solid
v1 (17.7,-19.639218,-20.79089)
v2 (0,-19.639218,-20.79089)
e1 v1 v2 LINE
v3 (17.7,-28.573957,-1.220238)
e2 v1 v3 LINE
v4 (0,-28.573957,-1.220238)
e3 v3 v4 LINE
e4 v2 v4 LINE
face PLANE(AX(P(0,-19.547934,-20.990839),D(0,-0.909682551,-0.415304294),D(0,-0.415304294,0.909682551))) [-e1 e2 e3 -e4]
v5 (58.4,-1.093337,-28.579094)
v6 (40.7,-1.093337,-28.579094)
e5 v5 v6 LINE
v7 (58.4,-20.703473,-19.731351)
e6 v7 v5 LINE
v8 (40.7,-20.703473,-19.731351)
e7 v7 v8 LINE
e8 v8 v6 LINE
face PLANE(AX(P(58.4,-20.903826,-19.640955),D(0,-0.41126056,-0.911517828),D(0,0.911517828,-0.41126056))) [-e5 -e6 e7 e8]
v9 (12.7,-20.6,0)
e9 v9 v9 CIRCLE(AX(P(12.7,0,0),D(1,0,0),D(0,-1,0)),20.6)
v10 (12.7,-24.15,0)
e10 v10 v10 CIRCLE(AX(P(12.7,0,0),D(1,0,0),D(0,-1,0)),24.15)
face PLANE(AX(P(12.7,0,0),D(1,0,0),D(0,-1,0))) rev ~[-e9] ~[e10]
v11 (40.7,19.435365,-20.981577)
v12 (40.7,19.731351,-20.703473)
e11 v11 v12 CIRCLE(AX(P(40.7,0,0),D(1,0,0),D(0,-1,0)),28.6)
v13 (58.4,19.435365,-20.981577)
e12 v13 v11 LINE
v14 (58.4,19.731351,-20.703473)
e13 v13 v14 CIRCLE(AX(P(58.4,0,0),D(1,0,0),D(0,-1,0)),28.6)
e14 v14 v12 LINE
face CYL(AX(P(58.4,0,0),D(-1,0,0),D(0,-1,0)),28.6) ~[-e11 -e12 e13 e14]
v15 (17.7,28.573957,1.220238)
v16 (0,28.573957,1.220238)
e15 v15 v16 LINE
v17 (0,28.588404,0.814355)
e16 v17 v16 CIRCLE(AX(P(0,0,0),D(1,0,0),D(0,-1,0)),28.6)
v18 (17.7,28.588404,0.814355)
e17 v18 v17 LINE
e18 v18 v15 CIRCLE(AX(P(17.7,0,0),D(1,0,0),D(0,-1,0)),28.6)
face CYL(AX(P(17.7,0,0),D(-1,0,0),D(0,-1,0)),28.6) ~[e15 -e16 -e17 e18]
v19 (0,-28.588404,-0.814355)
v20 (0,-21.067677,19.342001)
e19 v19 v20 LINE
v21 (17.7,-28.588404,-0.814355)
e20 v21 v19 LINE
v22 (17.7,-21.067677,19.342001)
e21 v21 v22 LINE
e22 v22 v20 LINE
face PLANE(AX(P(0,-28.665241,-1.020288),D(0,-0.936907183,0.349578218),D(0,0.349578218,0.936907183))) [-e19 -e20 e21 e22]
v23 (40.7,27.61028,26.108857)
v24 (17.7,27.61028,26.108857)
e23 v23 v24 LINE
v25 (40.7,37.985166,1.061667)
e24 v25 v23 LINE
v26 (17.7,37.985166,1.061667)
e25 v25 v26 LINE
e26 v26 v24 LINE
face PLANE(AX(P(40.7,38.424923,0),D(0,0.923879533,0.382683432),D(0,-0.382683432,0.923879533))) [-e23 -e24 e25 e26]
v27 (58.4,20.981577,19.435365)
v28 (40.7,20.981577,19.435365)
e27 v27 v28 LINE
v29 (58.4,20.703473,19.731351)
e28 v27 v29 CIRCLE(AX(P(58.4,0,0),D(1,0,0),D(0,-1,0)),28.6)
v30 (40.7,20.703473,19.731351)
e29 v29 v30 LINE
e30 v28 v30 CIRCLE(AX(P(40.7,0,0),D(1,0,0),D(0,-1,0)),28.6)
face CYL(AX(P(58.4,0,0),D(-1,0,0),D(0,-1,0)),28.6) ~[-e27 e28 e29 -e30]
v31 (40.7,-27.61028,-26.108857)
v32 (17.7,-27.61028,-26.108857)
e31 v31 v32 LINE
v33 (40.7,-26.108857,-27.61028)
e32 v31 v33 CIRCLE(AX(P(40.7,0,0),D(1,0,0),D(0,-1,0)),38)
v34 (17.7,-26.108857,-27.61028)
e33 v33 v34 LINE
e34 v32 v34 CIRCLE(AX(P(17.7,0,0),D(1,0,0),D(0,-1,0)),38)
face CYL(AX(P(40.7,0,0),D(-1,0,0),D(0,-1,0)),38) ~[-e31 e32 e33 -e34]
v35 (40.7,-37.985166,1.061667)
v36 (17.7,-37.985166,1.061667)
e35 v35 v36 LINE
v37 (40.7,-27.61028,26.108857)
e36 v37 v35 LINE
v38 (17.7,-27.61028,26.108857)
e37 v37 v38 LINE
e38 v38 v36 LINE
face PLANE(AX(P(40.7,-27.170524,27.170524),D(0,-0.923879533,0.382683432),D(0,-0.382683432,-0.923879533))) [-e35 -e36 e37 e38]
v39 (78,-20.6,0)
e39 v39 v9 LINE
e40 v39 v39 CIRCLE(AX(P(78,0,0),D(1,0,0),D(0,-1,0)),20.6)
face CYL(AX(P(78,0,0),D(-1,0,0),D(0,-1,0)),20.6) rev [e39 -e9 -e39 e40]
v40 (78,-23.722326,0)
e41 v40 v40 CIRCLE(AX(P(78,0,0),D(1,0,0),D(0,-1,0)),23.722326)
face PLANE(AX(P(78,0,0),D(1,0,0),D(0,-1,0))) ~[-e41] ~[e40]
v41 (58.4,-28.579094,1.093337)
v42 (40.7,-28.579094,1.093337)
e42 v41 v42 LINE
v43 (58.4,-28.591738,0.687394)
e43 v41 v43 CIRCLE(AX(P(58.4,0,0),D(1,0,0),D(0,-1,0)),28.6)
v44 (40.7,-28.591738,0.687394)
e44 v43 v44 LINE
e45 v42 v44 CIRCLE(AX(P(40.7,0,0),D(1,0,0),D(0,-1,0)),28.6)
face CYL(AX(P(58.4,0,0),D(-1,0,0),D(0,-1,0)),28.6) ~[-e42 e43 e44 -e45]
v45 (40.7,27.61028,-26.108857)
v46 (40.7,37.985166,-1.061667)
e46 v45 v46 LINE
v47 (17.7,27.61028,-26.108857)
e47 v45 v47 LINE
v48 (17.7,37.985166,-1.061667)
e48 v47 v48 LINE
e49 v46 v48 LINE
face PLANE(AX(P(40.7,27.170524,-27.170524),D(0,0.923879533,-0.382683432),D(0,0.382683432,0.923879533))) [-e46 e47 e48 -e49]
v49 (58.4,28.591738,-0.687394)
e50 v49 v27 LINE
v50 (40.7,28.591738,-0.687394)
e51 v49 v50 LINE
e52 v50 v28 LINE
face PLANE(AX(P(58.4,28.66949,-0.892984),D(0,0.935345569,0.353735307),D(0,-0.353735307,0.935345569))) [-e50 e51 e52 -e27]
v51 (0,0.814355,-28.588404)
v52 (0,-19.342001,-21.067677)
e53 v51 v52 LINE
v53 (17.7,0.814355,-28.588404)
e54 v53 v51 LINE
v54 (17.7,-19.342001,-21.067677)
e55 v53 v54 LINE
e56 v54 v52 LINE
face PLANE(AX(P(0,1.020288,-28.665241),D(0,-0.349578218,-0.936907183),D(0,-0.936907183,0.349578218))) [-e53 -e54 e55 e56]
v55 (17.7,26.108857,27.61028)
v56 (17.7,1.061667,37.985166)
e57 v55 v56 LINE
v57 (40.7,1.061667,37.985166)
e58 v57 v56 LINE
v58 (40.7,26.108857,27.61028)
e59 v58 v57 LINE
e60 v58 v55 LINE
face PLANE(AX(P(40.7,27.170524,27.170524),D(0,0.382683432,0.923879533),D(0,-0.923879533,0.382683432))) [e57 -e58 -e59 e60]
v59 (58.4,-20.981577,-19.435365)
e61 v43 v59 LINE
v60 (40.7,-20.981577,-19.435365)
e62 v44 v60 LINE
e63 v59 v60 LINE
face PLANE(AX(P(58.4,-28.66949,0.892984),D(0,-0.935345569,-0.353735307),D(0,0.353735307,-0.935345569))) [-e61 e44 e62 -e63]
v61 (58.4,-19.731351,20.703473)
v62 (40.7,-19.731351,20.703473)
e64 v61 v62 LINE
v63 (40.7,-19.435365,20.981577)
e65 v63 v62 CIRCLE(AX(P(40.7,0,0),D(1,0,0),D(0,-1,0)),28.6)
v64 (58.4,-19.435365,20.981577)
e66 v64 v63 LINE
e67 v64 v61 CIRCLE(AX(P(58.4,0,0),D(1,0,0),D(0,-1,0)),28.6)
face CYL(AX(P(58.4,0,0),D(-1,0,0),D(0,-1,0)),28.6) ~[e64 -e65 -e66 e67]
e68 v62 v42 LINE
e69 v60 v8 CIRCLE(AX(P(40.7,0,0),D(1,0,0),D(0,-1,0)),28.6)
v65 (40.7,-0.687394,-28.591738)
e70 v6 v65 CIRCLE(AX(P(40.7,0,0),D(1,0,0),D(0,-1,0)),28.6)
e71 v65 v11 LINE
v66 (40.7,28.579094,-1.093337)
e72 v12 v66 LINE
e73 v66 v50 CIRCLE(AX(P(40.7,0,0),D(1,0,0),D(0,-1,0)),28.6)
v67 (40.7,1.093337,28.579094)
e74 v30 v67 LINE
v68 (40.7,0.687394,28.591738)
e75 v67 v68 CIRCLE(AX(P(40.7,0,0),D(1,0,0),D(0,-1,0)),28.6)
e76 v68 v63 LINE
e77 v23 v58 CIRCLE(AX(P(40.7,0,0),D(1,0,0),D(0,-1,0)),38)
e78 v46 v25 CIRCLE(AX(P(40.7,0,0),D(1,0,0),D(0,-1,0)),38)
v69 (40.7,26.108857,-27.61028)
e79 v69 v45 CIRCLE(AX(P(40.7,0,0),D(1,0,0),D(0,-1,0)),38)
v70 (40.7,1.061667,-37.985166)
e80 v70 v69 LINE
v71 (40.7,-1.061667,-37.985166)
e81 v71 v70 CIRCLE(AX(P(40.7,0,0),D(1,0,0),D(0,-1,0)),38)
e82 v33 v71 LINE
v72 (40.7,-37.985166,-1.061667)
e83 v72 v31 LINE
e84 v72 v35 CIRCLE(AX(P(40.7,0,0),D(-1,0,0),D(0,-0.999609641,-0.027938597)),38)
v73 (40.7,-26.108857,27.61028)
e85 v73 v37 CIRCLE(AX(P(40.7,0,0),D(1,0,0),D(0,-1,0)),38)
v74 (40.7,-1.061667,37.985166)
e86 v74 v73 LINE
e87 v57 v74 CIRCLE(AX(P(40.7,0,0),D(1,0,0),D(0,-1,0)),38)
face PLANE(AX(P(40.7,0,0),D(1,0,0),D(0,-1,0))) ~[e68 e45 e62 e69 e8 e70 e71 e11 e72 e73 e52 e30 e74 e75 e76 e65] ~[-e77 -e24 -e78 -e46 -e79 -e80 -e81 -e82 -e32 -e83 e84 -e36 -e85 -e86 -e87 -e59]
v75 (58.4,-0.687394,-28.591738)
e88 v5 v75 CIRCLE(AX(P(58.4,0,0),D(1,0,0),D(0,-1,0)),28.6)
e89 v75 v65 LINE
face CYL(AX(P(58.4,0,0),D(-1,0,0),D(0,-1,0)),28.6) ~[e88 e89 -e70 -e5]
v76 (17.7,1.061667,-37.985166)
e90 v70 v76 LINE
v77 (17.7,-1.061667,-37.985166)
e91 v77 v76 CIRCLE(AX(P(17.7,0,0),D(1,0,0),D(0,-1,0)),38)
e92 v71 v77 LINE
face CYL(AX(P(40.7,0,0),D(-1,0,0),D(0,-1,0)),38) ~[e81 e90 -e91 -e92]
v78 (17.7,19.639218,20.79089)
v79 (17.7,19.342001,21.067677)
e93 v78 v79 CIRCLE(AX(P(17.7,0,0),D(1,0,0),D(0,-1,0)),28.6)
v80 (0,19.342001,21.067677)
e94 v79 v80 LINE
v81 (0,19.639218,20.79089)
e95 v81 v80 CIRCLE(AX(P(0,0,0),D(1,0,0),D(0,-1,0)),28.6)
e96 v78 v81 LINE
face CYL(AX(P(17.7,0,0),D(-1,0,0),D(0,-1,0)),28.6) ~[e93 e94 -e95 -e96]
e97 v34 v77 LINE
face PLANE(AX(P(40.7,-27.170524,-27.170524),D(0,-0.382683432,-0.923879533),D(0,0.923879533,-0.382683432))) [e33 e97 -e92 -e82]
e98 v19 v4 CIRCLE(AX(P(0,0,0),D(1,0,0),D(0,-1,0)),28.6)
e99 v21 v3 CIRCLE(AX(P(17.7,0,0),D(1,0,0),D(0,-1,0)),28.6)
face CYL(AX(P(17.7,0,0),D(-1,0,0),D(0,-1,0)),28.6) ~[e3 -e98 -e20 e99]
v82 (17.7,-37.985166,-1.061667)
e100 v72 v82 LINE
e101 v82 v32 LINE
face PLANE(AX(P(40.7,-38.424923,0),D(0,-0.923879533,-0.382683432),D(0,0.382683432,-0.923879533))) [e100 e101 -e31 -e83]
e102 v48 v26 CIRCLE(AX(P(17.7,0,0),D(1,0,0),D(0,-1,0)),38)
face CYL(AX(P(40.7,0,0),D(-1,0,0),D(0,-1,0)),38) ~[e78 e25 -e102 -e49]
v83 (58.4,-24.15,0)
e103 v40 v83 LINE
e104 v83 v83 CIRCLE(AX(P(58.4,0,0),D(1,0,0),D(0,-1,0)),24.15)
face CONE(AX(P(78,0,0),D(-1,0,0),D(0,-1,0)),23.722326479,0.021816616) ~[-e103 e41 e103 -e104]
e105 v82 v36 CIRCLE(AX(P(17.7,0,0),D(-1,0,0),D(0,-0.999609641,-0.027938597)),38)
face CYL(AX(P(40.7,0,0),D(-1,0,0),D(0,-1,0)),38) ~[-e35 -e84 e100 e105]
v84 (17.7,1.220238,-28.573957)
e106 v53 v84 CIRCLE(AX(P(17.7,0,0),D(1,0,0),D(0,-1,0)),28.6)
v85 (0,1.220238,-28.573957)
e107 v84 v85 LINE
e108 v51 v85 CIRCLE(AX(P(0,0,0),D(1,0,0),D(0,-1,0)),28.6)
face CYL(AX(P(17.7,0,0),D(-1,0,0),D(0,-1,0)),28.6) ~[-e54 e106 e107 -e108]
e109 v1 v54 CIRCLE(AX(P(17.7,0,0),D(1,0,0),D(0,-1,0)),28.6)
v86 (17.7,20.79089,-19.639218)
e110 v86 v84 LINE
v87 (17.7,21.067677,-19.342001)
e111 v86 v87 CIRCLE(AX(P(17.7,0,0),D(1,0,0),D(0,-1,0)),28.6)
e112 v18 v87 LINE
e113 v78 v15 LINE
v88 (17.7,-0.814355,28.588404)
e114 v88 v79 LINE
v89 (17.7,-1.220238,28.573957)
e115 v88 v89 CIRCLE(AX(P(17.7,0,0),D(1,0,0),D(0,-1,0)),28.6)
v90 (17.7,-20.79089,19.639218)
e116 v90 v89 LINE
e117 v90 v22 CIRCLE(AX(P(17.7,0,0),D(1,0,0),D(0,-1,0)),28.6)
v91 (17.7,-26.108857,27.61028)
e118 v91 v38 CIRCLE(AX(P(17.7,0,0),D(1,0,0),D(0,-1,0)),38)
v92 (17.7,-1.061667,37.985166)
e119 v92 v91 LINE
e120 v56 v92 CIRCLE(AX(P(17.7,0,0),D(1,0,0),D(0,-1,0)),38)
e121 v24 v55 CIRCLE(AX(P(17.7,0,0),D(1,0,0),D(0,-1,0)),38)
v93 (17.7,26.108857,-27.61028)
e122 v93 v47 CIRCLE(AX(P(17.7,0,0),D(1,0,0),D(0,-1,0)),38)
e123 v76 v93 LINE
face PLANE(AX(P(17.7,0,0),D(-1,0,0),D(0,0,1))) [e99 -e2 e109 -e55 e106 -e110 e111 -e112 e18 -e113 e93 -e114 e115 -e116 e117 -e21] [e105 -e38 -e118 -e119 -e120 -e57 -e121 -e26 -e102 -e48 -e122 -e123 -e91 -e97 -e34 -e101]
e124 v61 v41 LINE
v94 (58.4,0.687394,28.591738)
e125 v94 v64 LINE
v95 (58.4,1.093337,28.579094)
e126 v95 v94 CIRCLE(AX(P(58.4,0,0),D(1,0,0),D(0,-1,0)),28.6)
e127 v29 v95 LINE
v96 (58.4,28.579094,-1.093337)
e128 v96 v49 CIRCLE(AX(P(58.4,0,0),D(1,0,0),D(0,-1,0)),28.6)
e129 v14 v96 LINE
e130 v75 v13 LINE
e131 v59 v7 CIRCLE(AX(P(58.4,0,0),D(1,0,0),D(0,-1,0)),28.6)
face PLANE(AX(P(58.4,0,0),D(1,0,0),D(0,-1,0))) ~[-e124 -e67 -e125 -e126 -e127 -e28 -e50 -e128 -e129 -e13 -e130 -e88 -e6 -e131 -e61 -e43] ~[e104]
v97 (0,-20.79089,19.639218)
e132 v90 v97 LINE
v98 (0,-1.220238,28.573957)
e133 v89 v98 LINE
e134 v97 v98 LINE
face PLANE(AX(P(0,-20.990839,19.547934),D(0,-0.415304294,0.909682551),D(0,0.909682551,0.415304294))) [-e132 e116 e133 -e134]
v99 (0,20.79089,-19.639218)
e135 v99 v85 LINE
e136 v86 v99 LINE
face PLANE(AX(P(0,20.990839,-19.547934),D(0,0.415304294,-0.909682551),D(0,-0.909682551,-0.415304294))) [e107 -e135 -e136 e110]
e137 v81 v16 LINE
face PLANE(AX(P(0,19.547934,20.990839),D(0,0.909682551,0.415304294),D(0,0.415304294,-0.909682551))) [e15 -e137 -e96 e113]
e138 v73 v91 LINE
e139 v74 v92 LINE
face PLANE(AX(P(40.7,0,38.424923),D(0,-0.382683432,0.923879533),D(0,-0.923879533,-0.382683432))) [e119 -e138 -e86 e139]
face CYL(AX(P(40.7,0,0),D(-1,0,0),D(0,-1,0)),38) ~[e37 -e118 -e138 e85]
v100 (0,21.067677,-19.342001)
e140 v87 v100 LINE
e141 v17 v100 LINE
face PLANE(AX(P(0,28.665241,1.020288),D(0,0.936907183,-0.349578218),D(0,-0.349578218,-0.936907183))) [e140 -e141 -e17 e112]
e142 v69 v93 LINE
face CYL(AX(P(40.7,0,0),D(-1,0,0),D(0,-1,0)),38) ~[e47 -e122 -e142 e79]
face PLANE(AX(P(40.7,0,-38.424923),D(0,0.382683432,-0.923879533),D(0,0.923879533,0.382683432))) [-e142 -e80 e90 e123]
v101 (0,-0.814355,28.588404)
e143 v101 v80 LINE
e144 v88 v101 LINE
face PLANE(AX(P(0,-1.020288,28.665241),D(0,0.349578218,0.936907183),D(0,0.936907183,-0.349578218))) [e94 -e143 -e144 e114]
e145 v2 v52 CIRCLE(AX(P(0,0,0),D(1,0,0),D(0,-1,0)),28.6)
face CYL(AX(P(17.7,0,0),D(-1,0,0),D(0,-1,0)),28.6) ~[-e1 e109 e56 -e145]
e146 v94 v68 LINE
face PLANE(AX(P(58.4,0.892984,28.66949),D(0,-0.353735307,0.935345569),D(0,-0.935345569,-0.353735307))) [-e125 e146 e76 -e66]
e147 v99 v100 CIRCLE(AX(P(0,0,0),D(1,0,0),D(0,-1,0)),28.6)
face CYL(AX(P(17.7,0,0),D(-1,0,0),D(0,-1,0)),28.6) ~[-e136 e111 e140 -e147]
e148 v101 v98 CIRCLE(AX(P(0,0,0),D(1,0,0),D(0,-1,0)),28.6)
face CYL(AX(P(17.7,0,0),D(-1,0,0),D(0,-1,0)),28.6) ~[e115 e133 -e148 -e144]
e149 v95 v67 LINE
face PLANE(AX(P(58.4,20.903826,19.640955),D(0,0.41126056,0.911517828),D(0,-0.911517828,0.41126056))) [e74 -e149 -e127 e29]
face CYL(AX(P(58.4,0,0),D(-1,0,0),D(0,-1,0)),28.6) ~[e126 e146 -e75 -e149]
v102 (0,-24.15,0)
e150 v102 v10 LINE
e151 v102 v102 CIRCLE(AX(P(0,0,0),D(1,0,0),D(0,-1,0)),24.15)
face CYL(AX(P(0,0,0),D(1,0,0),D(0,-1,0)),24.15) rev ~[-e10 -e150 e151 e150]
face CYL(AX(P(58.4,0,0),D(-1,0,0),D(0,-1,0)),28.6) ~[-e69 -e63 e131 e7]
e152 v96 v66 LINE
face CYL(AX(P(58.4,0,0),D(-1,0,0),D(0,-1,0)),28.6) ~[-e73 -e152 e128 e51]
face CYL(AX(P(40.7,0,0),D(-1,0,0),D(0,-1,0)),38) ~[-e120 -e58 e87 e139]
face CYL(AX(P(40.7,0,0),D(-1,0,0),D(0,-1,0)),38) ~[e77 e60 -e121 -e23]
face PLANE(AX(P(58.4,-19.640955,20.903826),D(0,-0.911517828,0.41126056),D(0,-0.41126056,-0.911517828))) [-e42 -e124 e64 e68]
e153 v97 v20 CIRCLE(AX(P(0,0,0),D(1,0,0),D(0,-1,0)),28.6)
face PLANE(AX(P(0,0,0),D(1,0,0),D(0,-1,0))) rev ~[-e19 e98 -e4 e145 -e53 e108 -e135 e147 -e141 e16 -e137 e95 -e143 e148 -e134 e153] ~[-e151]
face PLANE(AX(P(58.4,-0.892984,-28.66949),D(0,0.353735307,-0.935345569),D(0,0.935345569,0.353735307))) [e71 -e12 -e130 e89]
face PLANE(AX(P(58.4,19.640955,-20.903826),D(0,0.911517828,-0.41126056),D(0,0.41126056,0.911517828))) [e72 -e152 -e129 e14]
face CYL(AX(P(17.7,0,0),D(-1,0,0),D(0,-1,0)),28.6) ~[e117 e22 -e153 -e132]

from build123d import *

# Parameters (mm, degrees)
SKETCH2_R          = 66.009585634
CUT_EXTRUDE1_DEPTH = 23
SKETCH4_R          = 31.856181498
CUT_EXTRUDE2_DEPTH = 17.7
SKETCH5_R          = 32.987885215
CUT_EXTRUDE3_DEPTH = 17.7


with BuildPart() as part:
    # Sketch1 → Revolve1 (revolve)
    with BuildSketch(Plane.XY):
        Polygon((0, -24.15), (12.7, -24.15), (12.7, -20.6), (62.8, -20.6), (78, -20.6), (78, -23.722326479), (58.4, -24.15), (58.4, -28.6), (40.7, -28.6), (40.7, -38), (17.7, -38), (17.7, -28.6), (0, -28.6), align=None)
    revolve(axis=Axis((0, 0, 0), (1, 0, 0)))

    # Sketch2 → Cut-Extrude1 (cut)
    with BuildSketch(Plane(origin=(40.7, 0, 0), x_dir=(0, 0, -1), z_dir=(1, 0, 0))):
        Circle(SKETCH2_R)
        Polygon((0, 38.42492311), (-27.170523698, 27.170523698), (-38.42492311, 0), (-27.170523698, -27.170523698), (0, -38.42492311), (27.170523698, -27.170523698), (38.42492311, 0), (27.170523698, 27.170523698), align=None, mode=Mode.SUBTRACT)
    extrude(amount=-CUT_EXTRUDE1_DEPTH, mode=Mode.SUBTRACT)

    # Sketch4 → Cut-Extrude2 (cut)
    with BuildSketch(Plane.ZY):
        Circle(SKETCH4_R)
        Polygon((1.020288253, 28.665241383), (-19.547933824, 20.990839308), (-28.665241383, 1.020288253), (-20.990839308, -19.547933824), (-1.020288253, -28.665241383), (19.547933824, -20.990839308), (28.665241383, -1.020288253), (20.990839308, 19.547933824), align=None, mode=Mode.SUBTRACT)
    extrude(amount=-CUT_EXTRUDE2_DEPTH, mode=Mode.SUBTRACT)

    # Sketch5 → Cut-Extrude3 (cut)
    with BuildSketch(Plane(origin=(58.4, 0, 0), x_dir=(0, 0, -1), z_dir=(1, 0, 0))):
        Circle(SKETCH5_R)
        Polygon((0.892984101, 28.66948955), (-19.640955361, 20.903825587), (-28.66948955, 0.892984101), (-20.903825587, -19.640955361), (-0.892984101, -28.66948955), (19.640955361, -20.903825587), (28.66948955, -0.892984101), (20.903825587, 19.640955361), align=None, mode=Mode.SUBTRACT)
    extrude(amount=-CUT_EXTRUDE3_DEPTH, mode=Mode.SUBTRACT)


solid = part.part
